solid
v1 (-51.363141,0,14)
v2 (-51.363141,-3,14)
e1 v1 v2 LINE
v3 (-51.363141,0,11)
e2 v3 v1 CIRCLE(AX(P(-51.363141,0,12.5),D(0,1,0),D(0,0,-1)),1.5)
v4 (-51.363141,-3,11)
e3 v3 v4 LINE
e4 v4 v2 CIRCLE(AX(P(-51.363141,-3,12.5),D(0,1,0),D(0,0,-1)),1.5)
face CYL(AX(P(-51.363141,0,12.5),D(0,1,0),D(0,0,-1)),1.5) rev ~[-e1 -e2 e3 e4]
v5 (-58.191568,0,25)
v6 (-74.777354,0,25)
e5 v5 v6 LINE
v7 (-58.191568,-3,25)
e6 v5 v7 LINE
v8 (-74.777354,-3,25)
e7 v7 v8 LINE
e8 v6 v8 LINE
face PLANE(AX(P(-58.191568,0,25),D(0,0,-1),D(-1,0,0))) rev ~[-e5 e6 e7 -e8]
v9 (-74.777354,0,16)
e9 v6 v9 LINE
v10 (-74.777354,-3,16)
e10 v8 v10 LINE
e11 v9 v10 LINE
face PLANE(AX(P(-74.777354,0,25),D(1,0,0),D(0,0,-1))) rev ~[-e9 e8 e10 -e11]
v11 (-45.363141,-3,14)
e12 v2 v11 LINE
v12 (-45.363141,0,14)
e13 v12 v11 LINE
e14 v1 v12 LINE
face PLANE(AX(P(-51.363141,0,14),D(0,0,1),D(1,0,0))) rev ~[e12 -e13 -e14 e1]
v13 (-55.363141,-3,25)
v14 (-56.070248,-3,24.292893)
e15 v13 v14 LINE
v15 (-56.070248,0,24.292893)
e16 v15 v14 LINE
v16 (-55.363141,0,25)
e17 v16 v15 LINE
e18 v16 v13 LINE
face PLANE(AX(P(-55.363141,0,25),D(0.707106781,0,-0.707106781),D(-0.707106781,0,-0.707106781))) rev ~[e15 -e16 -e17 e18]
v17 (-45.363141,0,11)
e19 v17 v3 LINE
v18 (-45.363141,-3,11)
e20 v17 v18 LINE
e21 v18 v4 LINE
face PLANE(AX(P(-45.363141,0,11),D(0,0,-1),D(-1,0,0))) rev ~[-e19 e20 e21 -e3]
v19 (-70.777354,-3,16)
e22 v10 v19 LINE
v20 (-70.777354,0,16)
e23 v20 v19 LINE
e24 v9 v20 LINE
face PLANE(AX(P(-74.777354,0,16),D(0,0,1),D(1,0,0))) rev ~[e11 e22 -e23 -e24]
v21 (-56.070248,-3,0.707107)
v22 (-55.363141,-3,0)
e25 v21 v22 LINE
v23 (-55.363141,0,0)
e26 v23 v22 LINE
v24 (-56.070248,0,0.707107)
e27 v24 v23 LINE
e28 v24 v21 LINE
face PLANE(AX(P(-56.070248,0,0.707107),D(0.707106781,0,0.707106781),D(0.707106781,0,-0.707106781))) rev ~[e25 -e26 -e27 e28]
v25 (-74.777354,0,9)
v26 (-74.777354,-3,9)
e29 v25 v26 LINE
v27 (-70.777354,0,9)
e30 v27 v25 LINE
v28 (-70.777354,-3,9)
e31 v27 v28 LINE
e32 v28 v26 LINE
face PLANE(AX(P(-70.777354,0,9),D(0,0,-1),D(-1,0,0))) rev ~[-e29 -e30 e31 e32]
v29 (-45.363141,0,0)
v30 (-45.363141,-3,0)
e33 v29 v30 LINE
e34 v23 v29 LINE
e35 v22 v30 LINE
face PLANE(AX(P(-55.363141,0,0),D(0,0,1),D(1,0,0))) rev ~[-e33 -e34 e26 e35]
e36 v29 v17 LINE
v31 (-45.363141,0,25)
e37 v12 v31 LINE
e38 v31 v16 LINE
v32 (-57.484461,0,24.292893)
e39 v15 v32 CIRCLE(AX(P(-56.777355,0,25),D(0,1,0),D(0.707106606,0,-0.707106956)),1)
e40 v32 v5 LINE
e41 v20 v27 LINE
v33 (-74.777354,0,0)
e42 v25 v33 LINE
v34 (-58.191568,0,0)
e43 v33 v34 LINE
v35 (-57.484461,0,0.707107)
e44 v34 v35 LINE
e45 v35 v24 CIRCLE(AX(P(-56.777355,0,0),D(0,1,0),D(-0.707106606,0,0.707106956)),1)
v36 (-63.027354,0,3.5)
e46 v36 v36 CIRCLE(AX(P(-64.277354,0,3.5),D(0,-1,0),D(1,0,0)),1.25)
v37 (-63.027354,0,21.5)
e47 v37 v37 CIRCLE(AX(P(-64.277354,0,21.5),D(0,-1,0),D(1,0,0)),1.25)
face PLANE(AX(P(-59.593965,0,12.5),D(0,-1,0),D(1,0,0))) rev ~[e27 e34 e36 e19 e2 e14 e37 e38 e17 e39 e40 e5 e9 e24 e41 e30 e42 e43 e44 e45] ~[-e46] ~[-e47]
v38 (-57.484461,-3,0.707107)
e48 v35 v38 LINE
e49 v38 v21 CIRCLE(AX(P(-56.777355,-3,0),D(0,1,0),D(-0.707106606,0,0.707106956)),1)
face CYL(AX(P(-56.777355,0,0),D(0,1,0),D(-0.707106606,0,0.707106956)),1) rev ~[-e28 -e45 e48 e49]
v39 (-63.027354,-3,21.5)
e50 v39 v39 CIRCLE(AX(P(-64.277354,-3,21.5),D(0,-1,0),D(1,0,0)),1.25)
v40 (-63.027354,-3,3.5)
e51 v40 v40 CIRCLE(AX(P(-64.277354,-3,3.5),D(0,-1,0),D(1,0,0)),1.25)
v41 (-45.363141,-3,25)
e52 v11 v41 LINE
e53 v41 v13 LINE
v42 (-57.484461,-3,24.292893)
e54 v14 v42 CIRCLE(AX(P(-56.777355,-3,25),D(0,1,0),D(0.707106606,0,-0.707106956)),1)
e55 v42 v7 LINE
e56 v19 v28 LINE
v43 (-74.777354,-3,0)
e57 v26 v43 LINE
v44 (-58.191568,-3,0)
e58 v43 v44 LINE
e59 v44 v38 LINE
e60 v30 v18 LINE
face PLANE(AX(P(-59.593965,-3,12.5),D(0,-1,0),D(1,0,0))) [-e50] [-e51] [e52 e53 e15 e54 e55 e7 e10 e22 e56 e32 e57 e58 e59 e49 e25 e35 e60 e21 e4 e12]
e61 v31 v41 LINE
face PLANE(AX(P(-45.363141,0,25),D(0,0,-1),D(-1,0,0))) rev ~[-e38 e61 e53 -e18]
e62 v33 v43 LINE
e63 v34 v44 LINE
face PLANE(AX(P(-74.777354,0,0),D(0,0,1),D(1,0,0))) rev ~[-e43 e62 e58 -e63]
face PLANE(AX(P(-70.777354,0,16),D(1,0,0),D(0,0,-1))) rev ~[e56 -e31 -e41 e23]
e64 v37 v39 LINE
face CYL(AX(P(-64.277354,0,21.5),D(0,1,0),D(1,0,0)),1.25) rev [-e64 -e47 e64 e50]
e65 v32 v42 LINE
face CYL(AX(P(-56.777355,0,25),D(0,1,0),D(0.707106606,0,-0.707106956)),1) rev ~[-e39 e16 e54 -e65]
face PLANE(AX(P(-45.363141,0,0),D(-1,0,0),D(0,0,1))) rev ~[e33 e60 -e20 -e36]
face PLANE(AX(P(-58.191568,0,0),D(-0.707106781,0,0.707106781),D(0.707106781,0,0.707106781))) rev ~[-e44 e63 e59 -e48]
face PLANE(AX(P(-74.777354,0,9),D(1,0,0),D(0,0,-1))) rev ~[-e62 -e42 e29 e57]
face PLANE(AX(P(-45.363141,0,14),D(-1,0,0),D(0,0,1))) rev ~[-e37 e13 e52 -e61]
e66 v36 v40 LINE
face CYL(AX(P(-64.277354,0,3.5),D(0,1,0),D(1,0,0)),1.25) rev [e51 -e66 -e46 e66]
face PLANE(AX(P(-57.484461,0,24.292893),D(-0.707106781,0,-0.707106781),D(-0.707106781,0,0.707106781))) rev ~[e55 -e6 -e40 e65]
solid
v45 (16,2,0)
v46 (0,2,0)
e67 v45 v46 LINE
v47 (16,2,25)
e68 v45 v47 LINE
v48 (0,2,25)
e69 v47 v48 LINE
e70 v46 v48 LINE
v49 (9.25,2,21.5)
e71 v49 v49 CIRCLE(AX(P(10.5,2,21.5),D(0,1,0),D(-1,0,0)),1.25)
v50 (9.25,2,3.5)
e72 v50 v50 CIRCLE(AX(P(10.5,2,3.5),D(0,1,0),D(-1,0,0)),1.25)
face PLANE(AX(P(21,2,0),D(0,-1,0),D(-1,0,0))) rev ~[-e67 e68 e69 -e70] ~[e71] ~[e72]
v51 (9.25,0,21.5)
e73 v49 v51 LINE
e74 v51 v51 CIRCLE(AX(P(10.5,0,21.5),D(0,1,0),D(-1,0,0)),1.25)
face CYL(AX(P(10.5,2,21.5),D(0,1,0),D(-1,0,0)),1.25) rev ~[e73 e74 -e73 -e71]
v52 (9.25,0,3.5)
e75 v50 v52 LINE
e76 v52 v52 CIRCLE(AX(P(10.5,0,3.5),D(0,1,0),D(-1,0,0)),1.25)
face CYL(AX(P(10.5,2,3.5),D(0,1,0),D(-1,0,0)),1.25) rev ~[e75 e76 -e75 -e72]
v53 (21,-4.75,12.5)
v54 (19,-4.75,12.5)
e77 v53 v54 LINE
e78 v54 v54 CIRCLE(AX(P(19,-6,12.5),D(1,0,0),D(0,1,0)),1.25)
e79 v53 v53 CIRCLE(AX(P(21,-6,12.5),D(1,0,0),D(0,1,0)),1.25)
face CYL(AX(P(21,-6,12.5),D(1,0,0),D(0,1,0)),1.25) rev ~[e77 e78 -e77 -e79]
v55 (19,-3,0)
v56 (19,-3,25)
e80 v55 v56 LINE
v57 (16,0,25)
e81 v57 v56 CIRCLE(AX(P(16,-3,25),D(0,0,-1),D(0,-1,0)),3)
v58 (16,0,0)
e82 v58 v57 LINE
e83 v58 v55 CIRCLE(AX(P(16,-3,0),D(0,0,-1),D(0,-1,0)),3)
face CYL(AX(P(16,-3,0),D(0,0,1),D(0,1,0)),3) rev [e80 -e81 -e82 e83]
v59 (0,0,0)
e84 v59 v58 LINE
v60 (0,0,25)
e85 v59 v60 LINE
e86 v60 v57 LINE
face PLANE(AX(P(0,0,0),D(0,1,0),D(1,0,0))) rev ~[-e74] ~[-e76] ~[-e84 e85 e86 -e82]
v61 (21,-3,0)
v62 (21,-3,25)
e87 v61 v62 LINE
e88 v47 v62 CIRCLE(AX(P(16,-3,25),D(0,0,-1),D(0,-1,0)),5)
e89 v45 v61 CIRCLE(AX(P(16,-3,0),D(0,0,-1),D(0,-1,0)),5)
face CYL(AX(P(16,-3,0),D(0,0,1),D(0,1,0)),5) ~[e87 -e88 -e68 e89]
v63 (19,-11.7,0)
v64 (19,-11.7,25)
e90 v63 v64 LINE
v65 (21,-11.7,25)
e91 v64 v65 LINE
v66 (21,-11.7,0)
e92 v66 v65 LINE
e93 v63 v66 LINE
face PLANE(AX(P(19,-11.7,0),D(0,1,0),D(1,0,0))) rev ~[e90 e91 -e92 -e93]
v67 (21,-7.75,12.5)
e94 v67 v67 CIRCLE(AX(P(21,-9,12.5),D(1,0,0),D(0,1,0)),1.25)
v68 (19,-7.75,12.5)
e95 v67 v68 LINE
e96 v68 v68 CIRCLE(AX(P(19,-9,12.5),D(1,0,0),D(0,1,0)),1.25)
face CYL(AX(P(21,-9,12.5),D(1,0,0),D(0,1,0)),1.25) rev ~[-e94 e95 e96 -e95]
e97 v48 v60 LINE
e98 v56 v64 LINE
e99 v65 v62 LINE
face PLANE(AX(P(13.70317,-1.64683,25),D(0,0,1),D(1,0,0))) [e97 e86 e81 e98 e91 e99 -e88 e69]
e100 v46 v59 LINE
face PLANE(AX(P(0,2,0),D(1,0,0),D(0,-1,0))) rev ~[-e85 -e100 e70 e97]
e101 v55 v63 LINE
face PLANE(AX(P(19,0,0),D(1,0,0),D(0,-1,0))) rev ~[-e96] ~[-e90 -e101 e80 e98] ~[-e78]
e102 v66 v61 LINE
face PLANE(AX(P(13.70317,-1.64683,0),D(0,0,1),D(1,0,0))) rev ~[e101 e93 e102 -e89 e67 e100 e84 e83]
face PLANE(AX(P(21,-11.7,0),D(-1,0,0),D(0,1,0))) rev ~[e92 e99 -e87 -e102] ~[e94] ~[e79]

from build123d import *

# Parameters (mm, degrees)
F1_DEPTH = 25
F2_R     = 3
F3_R     = 1.25
F4_DEPTH = 25
F5_R     = 1.25
F6_DEPTH = 25
F7_R     = 5
F8_R     = 1.25
F9_DEPTH = 3


with BuildPart() as f1:
    # F0 (on Top) → F1 (new body)
    with BuildSketch(Plane.XY):
        Polygon((0, 2), (0, 0), (19, 0), (19, -11.7), (21, -11.7), (21, 0), (21, 2), align=None)
    extrude(amount=F1_DEPTH)

    # F2
    f2_edges = [f1.edges().sort_by_distance(p)[0] for p in [
        (19, 0, 12.5),
    ]]
    fillet(f2_edges, radius=F2_R)

    # F3 (on face) → F4 (cut)
    with BuildSketch(Plane.YZ.offset(21)):
        with Locations((-6, 12.5)):
            Circle(F3_R)
        with Locations((-9, 12.5)):
            Circle(F3_R)
    extrude(amount=-F4_DEPTH, mode=Mode.SUBTRACT)

    # F5 (on face) → F6 (cut)
    with BuildSketch(Plane(origin=(0, 2, 0), x_dir=(-1, 0, 0), z_dir=(0, 1, 0))):
        with Locations((-10.5, 21.5)):
            Circle(F5_R)
        with Locations((-10.5, 3.5)):
            Circle(F5_R)
    extrude(amount=-F6_DEPTH, mode=Mode.SUBTRACT)

    # F7
    f7_edges = [f1.edges().sort_by_distance(p)[0] for p in [
        (21, 2, 12.5),
    ]]
    fillet(f7_edges, radius=F7_R)


with BuildPart() as f9:
    # F8 (on Front) → F9 (new body)
    with BuildSketch(Plane.XZ):
        with BuildLine():
            Line((-74.777354, 9), (-74.777354, 0))
            Line((-74.777354, 0), (-58.191568, 0))
            Line((-58.191568, 0), (-57.484461, 0.707107))
            ThreePointArc((-57.484461, 0.707107), (-56.777354, 1), (-56.070248, 0.707107))
            Line((-56.070248, 0.707107), (-55.363141, 0))
            Line((-55.363141, 0), (-45.363141, 0))
            Line((-45.363141, 0), (-45.363141, 11))
            Line((-45.363141, 11), (-51.363141, 11))
            ThreePointArc((-51.363141, 11), (-52.863141, 12.5), (-51.363141, 14))
            Line((-51.363141, 14), (-45.363141, 14))
            Line((-45.363141, 14), (-45.363141, 25))
            Line((-45.363141, 25), (-55.363141, 25))
            Line((-55.363141, 25), (-56.070248, 24.292893))
            ThreePointArc((-56.070248, 24.292893), (-56.777354, 24), (-57.484461, 24.292893))
            Line((-57.484461, 24.292893), (-58.191568, 25))
            Line((-58.191568, 25), (-74.777354, 25))
            Line((-74.777354, 25), (-74.777354, 16))
            Line((-74.777354, 16), (-70.777354, 16))
            Line((-70.777354, 16), (-70.777354, 9))
            Line((-70.777354, 9), (-74.777354, 9))
        make_face()
        with Locations((-64.277354, 3.5)):
            Circle(F8_R, mode=Mode.SUBTRACT)
        with Locations((-64.277354, 21.5)):
            Circle(F8_R, mode=Mode.SUBTRACT)
    extrude(amount=F9_DEPTH)


solid = Compound([f1.part, f9.part])
